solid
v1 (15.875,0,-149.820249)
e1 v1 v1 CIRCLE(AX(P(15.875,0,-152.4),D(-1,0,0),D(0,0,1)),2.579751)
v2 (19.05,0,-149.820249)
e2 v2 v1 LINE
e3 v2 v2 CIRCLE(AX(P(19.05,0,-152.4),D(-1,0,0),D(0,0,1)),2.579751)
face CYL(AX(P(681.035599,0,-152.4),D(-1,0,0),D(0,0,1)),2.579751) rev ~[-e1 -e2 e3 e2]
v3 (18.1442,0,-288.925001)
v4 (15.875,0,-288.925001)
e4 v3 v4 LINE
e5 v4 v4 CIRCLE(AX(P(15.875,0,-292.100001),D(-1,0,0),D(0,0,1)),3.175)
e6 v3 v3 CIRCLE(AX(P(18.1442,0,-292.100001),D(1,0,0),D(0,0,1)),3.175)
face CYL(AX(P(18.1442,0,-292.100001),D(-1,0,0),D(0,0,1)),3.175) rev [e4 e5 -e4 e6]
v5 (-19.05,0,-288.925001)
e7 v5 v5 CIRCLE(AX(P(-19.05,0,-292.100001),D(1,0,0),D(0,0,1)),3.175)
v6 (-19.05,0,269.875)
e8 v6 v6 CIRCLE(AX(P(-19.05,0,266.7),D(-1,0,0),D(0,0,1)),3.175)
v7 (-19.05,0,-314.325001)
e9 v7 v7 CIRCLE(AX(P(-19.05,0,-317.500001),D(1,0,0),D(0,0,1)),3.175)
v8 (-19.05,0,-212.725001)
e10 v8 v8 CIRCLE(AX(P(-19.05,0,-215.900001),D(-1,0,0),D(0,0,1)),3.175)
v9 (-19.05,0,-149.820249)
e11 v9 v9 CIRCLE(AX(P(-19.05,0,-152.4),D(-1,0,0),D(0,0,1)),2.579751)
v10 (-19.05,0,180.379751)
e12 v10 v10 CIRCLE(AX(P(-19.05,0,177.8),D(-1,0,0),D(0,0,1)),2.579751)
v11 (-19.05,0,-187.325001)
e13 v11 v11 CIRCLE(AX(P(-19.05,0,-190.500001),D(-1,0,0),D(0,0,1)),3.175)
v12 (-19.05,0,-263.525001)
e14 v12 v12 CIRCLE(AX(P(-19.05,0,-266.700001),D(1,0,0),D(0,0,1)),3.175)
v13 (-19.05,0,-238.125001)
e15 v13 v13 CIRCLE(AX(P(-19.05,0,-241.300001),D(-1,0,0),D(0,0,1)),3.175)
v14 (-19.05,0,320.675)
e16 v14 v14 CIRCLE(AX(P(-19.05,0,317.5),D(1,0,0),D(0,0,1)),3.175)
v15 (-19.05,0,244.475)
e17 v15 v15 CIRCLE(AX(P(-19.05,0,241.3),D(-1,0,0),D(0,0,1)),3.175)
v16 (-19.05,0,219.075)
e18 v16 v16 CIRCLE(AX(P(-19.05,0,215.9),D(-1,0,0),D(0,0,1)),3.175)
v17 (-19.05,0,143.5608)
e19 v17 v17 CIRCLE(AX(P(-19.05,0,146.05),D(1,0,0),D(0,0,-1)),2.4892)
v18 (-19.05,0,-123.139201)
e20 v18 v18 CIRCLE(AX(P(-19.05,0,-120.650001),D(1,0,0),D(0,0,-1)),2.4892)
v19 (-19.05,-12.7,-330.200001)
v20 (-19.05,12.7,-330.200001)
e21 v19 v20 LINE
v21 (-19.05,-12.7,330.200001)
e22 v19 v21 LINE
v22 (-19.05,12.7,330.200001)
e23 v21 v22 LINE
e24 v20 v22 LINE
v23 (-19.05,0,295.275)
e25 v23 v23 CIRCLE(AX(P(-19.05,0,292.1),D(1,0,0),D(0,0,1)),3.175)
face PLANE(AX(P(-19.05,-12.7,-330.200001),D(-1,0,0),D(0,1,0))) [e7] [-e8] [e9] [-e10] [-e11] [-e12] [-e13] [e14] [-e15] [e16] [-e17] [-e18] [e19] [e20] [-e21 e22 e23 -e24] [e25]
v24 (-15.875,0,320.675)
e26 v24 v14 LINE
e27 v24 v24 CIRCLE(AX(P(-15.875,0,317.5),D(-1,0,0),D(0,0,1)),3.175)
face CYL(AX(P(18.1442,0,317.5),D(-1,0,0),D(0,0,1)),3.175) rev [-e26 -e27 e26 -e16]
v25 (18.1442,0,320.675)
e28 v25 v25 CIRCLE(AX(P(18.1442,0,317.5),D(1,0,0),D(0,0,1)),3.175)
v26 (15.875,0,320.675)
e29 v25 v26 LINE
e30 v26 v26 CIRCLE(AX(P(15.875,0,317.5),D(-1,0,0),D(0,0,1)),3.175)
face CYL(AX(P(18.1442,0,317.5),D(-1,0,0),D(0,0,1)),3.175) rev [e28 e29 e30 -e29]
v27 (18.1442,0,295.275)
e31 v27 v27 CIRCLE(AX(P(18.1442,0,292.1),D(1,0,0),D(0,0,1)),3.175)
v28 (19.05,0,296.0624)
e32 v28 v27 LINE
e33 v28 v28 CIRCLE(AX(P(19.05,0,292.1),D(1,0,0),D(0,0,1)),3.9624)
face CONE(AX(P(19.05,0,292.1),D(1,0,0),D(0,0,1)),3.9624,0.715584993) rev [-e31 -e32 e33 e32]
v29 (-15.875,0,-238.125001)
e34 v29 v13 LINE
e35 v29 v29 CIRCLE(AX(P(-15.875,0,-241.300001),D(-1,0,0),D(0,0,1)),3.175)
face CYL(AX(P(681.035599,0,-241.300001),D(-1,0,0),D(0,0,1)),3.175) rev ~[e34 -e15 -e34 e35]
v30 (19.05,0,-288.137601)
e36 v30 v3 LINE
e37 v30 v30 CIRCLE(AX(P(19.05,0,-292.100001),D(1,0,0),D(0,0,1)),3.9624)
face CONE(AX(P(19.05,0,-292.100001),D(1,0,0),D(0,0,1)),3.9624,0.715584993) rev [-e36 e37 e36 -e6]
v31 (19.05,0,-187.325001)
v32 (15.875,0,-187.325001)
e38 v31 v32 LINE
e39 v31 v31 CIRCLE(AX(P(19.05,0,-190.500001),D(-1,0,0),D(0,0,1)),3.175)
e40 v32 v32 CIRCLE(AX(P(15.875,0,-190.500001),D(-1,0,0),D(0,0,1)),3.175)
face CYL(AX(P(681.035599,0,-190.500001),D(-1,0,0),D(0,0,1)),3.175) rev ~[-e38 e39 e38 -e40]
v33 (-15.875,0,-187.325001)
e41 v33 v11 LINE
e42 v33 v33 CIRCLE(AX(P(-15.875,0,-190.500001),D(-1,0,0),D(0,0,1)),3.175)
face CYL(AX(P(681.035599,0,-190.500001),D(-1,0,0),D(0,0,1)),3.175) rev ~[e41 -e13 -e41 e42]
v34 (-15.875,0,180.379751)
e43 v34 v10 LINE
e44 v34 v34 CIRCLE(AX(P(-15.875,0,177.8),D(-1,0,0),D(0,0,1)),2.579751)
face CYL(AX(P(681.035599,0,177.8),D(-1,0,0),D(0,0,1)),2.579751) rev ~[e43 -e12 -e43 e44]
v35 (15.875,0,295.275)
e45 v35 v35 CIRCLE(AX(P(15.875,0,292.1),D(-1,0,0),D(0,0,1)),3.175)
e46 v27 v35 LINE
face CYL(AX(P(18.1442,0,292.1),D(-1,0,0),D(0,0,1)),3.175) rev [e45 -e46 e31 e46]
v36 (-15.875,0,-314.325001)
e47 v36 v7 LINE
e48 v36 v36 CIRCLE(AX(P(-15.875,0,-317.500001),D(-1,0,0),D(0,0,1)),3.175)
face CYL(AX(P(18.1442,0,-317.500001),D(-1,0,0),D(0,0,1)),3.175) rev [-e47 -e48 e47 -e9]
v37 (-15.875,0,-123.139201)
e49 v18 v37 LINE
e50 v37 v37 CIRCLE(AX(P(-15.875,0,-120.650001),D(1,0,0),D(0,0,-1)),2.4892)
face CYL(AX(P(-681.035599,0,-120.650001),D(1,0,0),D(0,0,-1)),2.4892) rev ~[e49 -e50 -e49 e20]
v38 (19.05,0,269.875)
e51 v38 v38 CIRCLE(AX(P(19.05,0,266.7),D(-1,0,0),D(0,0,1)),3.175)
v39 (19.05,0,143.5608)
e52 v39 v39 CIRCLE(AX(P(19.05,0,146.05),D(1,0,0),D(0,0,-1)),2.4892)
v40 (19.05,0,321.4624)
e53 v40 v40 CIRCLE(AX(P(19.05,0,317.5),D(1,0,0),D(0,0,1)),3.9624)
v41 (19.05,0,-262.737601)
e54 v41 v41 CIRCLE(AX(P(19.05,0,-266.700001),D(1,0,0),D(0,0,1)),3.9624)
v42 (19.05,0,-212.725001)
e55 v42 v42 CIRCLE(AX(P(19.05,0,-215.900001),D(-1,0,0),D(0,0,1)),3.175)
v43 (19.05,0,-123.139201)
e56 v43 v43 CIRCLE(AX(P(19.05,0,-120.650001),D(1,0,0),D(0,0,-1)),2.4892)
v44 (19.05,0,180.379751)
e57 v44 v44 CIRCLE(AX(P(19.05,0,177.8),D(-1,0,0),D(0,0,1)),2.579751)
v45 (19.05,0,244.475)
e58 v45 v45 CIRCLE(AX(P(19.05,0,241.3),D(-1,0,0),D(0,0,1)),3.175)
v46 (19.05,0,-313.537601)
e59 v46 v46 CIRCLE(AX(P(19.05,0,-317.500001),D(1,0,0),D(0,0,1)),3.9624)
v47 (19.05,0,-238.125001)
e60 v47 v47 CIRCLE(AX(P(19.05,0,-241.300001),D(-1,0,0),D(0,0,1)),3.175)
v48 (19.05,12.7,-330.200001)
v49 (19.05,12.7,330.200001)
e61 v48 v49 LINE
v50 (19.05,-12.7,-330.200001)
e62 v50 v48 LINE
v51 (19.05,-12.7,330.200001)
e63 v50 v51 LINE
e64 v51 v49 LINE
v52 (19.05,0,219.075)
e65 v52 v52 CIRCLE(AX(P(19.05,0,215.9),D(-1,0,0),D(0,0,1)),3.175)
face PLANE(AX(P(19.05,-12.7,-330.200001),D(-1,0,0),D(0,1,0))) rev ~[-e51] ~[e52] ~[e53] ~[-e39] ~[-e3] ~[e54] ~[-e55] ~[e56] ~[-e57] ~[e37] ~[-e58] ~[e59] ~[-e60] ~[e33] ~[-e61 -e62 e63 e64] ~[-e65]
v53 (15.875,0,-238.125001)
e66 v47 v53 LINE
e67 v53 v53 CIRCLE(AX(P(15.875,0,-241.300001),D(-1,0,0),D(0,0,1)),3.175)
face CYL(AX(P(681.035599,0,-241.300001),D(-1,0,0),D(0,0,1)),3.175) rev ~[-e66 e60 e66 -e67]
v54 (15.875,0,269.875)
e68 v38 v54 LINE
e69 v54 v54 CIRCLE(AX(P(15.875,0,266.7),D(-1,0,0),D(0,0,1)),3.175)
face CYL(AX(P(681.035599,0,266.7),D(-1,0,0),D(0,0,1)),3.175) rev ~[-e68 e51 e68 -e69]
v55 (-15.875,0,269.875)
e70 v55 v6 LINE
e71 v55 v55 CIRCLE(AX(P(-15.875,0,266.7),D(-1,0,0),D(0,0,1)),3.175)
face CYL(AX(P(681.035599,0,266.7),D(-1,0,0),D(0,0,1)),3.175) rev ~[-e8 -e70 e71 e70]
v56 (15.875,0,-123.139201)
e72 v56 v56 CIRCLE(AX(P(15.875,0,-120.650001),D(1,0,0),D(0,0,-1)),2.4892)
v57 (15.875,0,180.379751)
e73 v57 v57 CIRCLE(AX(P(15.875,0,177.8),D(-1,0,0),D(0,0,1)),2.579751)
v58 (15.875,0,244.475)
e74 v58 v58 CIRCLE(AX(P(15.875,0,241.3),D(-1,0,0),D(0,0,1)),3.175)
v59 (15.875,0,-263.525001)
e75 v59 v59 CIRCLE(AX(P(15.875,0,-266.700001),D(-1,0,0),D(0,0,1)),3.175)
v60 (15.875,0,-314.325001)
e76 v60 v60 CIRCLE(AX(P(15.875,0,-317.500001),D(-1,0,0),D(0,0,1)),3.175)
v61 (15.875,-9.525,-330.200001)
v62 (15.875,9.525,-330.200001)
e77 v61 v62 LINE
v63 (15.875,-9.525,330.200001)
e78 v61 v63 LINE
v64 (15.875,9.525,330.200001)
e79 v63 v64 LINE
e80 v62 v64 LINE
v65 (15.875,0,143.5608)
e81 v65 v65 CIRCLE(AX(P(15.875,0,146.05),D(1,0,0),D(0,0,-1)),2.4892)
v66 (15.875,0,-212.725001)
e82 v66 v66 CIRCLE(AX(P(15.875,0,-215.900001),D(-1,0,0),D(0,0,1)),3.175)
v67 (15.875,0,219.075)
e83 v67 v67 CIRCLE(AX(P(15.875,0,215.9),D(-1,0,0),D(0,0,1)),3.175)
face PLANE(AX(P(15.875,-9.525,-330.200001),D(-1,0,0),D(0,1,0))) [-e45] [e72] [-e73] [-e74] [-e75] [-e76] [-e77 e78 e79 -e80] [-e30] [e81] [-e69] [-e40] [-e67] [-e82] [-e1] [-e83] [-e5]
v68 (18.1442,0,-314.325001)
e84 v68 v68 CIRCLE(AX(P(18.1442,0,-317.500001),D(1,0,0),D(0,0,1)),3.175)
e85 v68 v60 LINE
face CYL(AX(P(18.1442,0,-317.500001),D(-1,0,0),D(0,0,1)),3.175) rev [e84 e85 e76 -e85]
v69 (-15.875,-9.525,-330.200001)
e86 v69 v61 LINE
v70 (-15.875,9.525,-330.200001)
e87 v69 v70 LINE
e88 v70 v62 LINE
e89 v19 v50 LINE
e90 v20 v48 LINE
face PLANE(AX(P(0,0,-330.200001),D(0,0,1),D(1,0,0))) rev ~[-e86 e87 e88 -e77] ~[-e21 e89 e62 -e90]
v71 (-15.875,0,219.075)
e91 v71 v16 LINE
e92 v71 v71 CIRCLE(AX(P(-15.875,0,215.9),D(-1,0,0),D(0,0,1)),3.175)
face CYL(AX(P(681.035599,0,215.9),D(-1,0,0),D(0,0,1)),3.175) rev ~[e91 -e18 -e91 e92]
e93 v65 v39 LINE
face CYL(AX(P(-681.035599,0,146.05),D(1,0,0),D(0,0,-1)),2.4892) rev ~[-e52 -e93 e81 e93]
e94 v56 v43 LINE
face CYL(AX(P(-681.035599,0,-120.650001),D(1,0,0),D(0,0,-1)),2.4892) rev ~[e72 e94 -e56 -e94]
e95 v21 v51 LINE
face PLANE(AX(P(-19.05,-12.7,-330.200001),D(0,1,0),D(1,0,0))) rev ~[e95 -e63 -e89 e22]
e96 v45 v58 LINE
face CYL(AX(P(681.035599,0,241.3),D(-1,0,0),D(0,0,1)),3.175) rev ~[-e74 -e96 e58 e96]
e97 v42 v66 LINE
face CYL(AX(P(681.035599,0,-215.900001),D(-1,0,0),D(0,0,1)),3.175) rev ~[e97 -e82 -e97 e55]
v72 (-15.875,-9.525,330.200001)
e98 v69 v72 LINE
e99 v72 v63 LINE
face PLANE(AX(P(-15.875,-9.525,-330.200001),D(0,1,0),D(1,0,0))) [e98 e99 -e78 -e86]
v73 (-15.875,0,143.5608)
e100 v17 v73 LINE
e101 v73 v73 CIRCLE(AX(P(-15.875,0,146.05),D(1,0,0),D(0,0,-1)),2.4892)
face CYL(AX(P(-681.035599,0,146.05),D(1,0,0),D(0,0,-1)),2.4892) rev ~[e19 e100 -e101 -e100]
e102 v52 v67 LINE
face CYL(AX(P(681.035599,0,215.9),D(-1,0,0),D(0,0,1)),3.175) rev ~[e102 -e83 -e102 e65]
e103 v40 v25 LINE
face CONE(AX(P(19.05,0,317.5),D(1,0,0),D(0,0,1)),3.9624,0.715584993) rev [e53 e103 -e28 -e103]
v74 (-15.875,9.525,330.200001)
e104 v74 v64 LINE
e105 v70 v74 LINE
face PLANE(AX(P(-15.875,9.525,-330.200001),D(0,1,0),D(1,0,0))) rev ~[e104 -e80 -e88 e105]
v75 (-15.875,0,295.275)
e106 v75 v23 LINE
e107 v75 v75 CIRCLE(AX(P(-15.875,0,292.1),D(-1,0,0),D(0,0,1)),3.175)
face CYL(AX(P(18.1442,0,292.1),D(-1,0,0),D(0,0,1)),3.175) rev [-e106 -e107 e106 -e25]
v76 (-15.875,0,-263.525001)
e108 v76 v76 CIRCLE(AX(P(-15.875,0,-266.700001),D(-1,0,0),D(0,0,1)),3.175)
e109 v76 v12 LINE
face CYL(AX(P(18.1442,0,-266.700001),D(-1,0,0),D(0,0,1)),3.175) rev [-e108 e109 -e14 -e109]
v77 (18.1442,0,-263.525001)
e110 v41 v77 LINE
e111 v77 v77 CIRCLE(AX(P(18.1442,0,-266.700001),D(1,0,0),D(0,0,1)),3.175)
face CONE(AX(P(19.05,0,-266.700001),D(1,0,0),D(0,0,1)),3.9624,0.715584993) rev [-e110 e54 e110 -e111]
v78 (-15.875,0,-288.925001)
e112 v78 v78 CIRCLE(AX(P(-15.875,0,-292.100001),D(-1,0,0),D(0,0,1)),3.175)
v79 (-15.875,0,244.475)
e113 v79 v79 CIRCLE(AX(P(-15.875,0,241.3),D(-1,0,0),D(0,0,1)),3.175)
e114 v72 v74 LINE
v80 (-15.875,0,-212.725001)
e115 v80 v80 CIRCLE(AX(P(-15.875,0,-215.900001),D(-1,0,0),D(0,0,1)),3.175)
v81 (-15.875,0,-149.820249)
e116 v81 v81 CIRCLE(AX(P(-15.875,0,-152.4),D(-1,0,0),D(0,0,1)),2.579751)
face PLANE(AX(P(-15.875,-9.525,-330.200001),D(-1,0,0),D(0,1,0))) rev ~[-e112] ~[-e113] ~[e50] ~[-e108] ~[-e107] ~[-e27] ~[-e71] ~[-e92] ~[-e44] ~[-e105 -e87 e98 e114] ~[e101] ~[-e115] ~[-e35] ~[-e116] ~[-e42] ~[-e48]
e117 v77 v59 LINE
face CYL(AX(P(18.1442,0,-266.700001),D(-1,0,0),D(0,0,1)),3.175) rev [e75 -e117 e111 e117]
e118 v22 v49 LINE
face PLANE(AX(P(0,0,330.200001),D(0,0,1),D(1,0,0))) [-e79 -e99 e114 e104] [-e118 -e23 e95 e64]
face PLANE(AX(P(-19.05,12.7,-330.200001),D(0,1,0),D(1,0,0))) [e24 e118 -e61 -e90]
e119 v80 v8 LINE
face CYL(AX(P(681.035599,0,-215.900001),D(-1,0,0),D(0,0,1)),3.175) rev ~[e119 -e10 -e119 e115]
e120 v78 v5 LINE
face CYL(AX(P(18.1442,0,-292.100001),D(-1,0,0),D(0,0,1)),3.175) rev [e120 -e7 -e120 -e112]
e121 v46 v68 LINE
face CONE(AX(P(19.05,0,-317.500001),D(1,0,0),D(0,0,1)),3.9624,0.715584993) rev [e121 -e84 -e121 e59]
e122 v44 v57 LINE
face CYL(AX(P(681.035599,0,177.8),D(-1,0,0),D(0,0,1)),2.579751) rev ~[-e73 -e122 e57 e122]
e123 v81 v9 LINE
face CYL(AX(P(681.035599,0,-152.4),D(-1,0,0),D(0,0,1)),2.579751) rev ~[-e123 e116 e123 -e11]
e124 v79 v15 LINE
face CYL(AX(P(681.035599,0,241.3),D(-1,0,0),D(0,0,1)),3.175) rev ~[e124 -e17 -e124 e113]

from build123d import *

# Parameters (mm, degrees)
BOSS_EXTRUDE1_DEPTH                  = 330.200001
BOSS_EXTRUDE1_DEPTH_BACK             = 330.200001
SKETCH3_W                            = 38.1
SKETCH3_H                            = 25.4
SKETCH3_W_2                          = 31.75
SKETCH3_H_2                          = 19.05
F_1_4_0_25_DIAMETER_HOLE2_AT_2_COUNT = 2
F_1_4_0_25_DIAMETER_HOLE2_AT_2_PITCH = 25.4
F_1_4_0_25_DIAMETER_HOLE2_AT_3_COUNT = 2
F_1_4_0_25_DIAMETER_HOLE2_AT_3_PITCH = 635.000000508
F_1_4_0_25_DIAMETER_HOLE2_AT_4_COUNT = 2
F_1_4_0_25_DIAMETER_HOLE2_AT_4_PITCH = 50.8
F_1_4_0_25_DIAMETER_HOLE2_AT_5_COUNT = 2
F_1_4_0_25_DIAMETER_HOLE2_AT_5_PITCH = 609.600000508
F_1_4_0_25_DIAMETER_HOLE3_D          = 6.35
F_13_64_0_20313_DIAMETER_HOLE1_D     = 5.159502
F_10_CLEARANCE_HOLE1_D               = 4.9784


with BuildPart() as part:
    # Sketch3 → Boss-Extrude1 (new, two sides: drawn at the far end of the back side and taken through both)
    with BuildSketch(Plane.XY.offset(-BOSS_EXTRUDE1_DEPTH_BACK)):
        Rectangle(SKETCH3_W, SKETCH3_H)
        Rectangle(SKETCH3_W_2, SKETCH3_H_2, mode=Mode.SUBTRACT)
    extrude(amount=BOSS_EXTRUDE1_DEPTH + BOSS_EXTRUDE1_DEPTH_BACK)

    # Sketch8 → 1/4 (0.25) Diameter Hole2 (revolve, cut)
    with BuildSketch(Plane(origin=(-19.05, 0, -317.500000508), x_dir=(0, 0, 1), z_dir=(0, 1, 0))):
        Polygon((0, 0), (0, 38.1), (3.9624, 38.1), (3.175, 37.194199916), (3.175, 0), align=None)
    f_1_4_0_25_diameter_hole2 = revolve(axis=Axis((-25.4, 0, -317.500000508), (1, 0, 0)), mode=Mode.SUBTRACT)

    # 1/4 (0.25) Diameter Hole2 at 2: 1/4 (0.25) Diameter Hole2 ×2
    with Locations(*[(0, 0, i * F_1_4_0_25_DIAMETER_HOLE2_AT_2_PITCH) for i in range(1, F_1_4_0_25_DIAMETER_HOLE2_AT_2_COUNT)]):
        add(f_1_4_0_25_diameter_hole2, mode=Mode.SUBTRACT)

    # 1/4 (0.25) Diameter Hole2 at 3: 1/4 (0.25) Diameter Hole2 ×2
    with Locations(*[(0, 0, i * F_1_4_0_25_DIAMETER_HOLE2_AT_3_PITCH) for i in range(1, F_1_4_0_25_DIAMETER_HOLE2_AT_3_COUNT)]):
        add(f_1_4_0_25_diameter_hole2, mode=Mode.SUBTRACT)

    # 1/4 (0.25) Diameter Hole2 at 4: 1/4 (0.25) Diameter Hole2 ×2
    with Locations(*[(0, 0, i * F_1_4_0_25_DIAMETER_HOLE2_AT_4_PITCH) for i in range(1, F_1_4_0_25_DIAMETER_HOLE2_AT_4_COUNT)]):
        add(f_1_4_0_25_diameter_hole2, mode=Mode.SUBTRACT)

    # 1/4 (0.25) Diameter Hole2 at 5: 1/4 (0.25) Diameter Hole2 ×2
    with Locations(*[(0, 0, i * F_1_4_0_25_DIAMETER_HOLE2_AT_5_PITCH) for i in range(1, F_1_4_0_25_DIAMETER_HOLE2_AT_5_COUNT)]):
        add(f_1_4_0_25_diameter_hole2, mode=Mode.SUBTRACT)

    # 1/4 (0.25) Diameter Hole3 (through all)
    with Locations(Plane(origin=(19.05, 0, 0), x_dir=(0, 0, -1), z_dir=(1, 0, 0))):
        with Locations((-266.7, 0), (-241.3, 0), (-215.9, 0), (241.300000508, 0), (215.900000508, 0), (190.500000508, 0)):
            Hole(F_1_4_0_25_DIAMETER_HOLE3_D / 2)

    # 13/64 (0.20313) Diameter Hole1 (through all)
    with Locations(Plane(origin=(19.05, 0, 0), x_dir=(0, 0, -1), z_dir=(1, 0, 0))):
        with Locations((152.4, 0), (-177.8, 0)):
            Hole(F_13_64_0_20313_DIAMETER_HOLE1_D / 2)

    # #10 Clearance Hole1 (through all)
    with Locations(Plane.ZY.offset(19.05)):
        with Locations((-120.650000508, 0), (146.05, 0)):
            Hole(F_10_CLEARANCE_HOLE1_D / 2)


solid = part.part
